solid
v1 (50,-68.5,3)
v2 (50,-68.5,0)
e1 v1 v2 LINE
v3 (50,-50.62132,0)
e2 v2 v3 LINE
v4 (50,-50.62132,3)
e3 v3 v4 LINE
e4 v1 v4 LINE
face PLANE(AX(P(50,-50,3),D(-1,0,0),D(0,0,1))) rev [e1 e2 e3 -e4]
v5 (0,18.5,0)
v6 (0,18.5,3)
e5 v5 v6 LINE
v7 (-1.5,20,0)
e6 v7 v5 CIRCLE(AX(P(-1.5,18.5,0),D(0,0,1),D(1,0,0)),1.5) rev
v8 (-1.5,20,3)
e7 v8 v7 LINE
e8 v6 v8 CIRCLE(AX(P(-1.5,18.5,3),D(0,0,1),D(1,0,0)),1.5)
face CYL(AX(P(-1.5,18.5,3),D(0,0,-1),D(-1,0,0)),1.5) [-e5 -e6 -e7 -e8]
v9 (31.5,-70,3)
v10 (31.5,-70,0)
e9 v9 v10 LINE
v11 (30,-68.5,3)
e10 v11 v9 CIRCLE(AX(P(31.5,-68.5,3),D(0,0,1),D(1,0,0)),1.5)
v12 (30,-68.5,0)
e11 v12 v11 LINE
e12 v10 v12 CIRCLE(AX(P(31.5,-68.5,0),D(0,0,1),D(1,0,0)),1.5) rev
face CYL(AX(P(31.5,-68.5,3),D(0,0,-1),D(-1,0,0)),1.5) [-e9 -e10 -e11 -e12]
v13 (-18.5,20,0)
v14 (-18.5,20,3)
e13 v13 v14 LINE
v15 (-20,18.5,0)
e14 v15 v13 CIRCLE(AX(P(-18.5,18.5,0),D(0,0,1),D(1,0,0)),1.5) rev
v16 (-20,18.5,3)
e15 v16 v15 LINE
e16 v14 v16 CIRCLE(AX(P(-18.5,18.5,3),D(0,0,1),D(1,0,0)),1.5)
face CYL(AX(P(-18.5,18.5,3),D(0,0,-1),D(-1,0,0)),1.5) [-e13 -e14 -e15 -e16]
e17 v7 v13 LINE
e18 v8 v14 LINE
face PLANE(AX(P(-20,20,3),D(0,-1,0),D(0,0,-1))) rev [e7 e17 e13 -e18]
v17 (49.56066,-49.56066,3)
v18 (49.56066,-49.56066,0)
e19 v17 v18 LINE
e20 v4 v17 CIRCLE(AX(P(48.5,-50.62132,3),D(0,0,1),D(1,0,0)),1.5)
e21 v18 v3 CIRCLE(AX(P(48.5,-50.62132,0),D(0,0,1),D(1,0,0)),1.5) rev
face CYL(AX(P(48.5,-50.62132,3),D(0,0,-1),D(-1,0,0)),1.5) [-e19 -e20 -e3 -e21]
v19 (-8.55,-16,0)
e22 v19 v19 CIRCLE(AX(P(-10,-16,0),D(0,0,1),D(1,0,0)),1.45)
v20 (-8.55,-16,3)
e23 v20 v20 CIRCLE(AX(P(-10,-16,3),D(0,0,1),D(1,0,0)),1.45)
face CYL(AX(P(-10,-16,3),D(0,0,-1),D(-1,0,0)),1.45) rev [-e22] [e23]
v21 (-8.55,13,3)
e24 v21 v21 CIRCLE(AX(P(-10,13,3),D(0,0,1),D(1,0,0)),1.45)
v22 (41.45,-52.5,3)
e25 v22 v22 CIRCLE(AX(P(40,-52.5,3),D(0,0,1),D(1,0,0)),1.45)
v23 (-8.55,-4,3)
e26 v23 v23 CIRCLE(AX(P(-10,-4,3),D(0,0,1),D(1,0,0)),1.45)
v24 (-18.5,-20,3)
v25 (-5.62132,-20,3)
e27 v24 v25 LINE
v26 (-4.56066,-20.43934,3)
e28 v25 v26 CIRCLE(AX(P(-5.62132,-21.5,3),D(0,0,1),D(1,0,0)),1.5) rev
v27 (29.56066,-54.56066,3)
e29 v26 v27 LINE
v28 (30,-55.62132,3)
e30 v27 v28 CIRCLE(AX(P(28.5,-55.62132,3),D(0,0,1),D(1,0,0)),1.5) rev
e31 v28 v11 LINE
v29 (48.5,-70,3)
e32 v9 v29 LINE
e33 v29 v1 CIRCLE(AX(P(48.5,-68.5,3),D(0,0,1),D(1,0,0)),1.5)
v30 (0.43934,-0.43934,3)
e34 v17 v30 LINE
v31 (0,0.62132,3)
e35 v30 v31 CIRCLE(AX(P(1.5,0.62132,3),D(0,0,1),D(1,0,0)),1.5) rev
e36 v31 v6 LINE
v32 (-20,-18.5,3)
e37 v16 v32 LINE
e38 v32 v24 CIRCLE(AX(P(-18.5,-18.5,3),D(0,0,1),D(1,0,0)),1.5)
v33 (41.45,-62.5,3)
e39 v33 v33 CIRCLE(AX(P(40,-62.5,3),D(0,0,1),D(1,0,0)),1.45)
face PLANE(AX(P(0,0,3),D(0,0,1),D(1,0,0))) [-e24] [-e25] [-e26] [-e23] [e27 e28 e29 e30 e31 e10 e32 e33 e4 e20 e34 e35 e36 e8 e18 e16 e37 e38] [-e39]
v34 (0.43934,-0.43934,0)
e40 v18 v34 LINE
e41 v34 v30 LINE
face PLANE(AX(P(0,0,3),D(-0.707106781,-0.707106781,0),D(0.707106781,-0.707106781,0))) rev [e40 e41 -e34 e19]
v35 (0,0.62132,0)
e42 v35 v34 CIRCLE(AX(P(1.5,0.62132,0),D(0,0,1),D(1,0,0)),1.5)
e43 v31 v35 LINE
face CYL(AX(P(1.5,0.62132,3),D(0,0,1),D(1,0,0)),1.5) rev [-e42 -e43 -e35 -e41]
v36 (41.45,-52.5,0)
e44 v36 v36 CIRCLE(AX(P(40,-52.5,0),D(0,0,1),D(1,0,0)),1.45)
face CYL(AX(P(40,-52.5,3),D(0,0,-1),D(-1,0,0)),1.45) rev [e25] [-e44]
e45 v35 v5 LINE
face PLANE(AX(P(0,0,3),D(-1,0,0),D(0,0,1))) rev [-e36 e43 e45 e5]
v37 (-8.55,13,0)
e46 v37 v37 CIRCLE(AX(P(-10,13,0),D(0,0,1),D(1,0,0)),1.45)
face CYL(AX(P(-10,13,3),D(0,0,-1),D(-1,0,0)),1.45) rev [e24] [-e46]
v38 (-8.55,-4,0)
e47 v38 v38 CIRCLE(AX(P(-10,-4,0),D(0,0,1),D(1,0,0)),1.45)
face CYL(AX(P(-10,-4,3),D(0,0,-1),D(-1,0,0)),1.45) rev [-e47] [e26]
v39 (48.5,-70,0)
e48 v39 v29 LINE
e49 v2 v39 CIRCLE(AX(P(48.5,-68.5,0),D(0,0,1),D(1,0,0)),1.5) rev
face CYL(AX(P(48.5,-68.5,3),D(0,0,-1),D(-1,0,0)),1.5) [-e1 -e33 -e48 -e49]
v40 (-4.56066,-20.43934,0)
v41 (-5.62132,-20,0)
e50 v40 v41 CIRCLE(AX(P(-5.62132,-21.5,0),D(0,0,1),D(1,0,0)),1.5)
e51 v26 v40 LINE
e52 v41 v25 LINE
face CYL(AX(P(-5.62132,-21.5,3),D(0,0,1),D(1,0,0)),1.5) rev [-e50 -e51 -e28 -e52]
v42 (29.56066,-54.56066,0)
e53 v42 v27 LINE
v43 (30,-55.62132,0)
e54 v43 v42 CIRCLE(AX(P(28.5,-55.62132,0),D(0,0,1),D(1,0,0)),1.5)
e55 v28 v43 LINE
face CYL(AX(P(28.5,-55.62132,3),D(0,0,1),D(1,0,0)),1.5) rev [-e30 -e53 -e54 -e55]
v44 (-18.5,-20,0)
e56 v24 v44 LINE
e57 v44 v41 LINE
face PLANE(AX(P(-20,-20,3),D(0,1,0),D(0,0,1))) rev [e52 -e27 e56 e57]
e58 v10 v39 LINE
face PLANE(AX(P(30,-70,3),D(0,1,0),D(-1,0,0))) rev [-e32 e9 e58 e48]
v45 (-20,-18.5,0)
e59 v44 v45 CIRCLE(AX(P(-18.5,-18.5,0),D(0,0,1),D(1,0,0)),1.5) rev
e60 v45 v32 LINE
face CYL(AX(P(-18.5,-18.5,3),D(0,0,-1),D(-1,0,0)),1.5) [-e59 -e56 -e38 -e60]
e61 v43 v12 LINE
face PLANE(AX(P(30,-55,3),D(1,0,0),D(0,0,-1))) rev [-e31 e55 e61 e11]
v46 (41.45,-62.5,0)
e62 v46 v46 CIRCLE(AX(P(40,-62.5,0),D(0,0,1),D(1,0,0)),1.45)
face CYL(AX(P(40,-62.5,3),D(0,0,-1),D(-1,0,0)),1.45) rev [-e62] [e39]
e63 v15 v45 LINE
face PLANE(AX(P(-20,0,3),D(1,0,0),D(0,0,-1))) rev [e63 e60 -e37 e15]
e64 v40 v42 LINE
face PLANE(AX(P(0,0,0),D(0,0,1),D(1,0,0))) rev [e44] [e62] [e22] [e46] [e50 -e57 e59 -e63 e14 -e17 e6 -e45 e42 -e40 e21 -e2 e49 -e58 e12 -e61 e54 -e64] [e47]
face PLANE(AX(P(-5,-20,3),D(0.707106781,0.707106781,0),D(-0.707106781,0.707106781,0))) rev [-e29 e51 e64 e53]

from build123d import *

# Parameters (mm, degrees)
SKETCH1_R           = 1.45
BOSS_EXTRUDE1_DEPTH = 3
FILLET1_R           = 1.5


with BuildPart() as part:
    # Sketch1 → Boss-Extrude1 (new body)
    with BuildSketch(Plane.XY):
        Polygon((-20, -20), (-5, -20), (30, -55), (30, -70), (50, -70), (50, -50), (0, 0), (0, 20), (-20, 20), (-20, 0), align=None)
        with Locations((-10, -16)):
            Circle(SKETCH1_R, mode=Mode.SUBTRACT)
        with Locations((-10, -4)):
            Circle(SKETCH1_R, mode=Mode.SUBTRACT)
        with Locations((40, -52.5)):
            Circle(SKETCH1_R, mode=Mode.SUBTRACT)
        with Locations((40, -62.5)):
            Circle(SKETCH1_R, mode=Mode.SUBTRACT)
        with Locations((-10, 13)):
            Circle(SKETCH1_R, mode=Mode.SUBTRACT)
    extrude(amount=BOSS_EXTRUDE1_DEPTH)

    # Fillet1
    fillet1_edges = [part.edges().sort_by_distance(p)[0] for p in [
        (-20, 20, 1.5),
        (0, 20, 1.5),
        (0, 0, 1.5),
        (50, -50, 1.5),
        (50, -70, 1.5),
        (30, -70, 1.5),
        (30, -55, 1.5),
        (-5, -20, 1.5),
        (-20, -20, 1.5),
    ]]
    fillet(fillet1_edges, radius=FILLET1_R)


solid = part.part
